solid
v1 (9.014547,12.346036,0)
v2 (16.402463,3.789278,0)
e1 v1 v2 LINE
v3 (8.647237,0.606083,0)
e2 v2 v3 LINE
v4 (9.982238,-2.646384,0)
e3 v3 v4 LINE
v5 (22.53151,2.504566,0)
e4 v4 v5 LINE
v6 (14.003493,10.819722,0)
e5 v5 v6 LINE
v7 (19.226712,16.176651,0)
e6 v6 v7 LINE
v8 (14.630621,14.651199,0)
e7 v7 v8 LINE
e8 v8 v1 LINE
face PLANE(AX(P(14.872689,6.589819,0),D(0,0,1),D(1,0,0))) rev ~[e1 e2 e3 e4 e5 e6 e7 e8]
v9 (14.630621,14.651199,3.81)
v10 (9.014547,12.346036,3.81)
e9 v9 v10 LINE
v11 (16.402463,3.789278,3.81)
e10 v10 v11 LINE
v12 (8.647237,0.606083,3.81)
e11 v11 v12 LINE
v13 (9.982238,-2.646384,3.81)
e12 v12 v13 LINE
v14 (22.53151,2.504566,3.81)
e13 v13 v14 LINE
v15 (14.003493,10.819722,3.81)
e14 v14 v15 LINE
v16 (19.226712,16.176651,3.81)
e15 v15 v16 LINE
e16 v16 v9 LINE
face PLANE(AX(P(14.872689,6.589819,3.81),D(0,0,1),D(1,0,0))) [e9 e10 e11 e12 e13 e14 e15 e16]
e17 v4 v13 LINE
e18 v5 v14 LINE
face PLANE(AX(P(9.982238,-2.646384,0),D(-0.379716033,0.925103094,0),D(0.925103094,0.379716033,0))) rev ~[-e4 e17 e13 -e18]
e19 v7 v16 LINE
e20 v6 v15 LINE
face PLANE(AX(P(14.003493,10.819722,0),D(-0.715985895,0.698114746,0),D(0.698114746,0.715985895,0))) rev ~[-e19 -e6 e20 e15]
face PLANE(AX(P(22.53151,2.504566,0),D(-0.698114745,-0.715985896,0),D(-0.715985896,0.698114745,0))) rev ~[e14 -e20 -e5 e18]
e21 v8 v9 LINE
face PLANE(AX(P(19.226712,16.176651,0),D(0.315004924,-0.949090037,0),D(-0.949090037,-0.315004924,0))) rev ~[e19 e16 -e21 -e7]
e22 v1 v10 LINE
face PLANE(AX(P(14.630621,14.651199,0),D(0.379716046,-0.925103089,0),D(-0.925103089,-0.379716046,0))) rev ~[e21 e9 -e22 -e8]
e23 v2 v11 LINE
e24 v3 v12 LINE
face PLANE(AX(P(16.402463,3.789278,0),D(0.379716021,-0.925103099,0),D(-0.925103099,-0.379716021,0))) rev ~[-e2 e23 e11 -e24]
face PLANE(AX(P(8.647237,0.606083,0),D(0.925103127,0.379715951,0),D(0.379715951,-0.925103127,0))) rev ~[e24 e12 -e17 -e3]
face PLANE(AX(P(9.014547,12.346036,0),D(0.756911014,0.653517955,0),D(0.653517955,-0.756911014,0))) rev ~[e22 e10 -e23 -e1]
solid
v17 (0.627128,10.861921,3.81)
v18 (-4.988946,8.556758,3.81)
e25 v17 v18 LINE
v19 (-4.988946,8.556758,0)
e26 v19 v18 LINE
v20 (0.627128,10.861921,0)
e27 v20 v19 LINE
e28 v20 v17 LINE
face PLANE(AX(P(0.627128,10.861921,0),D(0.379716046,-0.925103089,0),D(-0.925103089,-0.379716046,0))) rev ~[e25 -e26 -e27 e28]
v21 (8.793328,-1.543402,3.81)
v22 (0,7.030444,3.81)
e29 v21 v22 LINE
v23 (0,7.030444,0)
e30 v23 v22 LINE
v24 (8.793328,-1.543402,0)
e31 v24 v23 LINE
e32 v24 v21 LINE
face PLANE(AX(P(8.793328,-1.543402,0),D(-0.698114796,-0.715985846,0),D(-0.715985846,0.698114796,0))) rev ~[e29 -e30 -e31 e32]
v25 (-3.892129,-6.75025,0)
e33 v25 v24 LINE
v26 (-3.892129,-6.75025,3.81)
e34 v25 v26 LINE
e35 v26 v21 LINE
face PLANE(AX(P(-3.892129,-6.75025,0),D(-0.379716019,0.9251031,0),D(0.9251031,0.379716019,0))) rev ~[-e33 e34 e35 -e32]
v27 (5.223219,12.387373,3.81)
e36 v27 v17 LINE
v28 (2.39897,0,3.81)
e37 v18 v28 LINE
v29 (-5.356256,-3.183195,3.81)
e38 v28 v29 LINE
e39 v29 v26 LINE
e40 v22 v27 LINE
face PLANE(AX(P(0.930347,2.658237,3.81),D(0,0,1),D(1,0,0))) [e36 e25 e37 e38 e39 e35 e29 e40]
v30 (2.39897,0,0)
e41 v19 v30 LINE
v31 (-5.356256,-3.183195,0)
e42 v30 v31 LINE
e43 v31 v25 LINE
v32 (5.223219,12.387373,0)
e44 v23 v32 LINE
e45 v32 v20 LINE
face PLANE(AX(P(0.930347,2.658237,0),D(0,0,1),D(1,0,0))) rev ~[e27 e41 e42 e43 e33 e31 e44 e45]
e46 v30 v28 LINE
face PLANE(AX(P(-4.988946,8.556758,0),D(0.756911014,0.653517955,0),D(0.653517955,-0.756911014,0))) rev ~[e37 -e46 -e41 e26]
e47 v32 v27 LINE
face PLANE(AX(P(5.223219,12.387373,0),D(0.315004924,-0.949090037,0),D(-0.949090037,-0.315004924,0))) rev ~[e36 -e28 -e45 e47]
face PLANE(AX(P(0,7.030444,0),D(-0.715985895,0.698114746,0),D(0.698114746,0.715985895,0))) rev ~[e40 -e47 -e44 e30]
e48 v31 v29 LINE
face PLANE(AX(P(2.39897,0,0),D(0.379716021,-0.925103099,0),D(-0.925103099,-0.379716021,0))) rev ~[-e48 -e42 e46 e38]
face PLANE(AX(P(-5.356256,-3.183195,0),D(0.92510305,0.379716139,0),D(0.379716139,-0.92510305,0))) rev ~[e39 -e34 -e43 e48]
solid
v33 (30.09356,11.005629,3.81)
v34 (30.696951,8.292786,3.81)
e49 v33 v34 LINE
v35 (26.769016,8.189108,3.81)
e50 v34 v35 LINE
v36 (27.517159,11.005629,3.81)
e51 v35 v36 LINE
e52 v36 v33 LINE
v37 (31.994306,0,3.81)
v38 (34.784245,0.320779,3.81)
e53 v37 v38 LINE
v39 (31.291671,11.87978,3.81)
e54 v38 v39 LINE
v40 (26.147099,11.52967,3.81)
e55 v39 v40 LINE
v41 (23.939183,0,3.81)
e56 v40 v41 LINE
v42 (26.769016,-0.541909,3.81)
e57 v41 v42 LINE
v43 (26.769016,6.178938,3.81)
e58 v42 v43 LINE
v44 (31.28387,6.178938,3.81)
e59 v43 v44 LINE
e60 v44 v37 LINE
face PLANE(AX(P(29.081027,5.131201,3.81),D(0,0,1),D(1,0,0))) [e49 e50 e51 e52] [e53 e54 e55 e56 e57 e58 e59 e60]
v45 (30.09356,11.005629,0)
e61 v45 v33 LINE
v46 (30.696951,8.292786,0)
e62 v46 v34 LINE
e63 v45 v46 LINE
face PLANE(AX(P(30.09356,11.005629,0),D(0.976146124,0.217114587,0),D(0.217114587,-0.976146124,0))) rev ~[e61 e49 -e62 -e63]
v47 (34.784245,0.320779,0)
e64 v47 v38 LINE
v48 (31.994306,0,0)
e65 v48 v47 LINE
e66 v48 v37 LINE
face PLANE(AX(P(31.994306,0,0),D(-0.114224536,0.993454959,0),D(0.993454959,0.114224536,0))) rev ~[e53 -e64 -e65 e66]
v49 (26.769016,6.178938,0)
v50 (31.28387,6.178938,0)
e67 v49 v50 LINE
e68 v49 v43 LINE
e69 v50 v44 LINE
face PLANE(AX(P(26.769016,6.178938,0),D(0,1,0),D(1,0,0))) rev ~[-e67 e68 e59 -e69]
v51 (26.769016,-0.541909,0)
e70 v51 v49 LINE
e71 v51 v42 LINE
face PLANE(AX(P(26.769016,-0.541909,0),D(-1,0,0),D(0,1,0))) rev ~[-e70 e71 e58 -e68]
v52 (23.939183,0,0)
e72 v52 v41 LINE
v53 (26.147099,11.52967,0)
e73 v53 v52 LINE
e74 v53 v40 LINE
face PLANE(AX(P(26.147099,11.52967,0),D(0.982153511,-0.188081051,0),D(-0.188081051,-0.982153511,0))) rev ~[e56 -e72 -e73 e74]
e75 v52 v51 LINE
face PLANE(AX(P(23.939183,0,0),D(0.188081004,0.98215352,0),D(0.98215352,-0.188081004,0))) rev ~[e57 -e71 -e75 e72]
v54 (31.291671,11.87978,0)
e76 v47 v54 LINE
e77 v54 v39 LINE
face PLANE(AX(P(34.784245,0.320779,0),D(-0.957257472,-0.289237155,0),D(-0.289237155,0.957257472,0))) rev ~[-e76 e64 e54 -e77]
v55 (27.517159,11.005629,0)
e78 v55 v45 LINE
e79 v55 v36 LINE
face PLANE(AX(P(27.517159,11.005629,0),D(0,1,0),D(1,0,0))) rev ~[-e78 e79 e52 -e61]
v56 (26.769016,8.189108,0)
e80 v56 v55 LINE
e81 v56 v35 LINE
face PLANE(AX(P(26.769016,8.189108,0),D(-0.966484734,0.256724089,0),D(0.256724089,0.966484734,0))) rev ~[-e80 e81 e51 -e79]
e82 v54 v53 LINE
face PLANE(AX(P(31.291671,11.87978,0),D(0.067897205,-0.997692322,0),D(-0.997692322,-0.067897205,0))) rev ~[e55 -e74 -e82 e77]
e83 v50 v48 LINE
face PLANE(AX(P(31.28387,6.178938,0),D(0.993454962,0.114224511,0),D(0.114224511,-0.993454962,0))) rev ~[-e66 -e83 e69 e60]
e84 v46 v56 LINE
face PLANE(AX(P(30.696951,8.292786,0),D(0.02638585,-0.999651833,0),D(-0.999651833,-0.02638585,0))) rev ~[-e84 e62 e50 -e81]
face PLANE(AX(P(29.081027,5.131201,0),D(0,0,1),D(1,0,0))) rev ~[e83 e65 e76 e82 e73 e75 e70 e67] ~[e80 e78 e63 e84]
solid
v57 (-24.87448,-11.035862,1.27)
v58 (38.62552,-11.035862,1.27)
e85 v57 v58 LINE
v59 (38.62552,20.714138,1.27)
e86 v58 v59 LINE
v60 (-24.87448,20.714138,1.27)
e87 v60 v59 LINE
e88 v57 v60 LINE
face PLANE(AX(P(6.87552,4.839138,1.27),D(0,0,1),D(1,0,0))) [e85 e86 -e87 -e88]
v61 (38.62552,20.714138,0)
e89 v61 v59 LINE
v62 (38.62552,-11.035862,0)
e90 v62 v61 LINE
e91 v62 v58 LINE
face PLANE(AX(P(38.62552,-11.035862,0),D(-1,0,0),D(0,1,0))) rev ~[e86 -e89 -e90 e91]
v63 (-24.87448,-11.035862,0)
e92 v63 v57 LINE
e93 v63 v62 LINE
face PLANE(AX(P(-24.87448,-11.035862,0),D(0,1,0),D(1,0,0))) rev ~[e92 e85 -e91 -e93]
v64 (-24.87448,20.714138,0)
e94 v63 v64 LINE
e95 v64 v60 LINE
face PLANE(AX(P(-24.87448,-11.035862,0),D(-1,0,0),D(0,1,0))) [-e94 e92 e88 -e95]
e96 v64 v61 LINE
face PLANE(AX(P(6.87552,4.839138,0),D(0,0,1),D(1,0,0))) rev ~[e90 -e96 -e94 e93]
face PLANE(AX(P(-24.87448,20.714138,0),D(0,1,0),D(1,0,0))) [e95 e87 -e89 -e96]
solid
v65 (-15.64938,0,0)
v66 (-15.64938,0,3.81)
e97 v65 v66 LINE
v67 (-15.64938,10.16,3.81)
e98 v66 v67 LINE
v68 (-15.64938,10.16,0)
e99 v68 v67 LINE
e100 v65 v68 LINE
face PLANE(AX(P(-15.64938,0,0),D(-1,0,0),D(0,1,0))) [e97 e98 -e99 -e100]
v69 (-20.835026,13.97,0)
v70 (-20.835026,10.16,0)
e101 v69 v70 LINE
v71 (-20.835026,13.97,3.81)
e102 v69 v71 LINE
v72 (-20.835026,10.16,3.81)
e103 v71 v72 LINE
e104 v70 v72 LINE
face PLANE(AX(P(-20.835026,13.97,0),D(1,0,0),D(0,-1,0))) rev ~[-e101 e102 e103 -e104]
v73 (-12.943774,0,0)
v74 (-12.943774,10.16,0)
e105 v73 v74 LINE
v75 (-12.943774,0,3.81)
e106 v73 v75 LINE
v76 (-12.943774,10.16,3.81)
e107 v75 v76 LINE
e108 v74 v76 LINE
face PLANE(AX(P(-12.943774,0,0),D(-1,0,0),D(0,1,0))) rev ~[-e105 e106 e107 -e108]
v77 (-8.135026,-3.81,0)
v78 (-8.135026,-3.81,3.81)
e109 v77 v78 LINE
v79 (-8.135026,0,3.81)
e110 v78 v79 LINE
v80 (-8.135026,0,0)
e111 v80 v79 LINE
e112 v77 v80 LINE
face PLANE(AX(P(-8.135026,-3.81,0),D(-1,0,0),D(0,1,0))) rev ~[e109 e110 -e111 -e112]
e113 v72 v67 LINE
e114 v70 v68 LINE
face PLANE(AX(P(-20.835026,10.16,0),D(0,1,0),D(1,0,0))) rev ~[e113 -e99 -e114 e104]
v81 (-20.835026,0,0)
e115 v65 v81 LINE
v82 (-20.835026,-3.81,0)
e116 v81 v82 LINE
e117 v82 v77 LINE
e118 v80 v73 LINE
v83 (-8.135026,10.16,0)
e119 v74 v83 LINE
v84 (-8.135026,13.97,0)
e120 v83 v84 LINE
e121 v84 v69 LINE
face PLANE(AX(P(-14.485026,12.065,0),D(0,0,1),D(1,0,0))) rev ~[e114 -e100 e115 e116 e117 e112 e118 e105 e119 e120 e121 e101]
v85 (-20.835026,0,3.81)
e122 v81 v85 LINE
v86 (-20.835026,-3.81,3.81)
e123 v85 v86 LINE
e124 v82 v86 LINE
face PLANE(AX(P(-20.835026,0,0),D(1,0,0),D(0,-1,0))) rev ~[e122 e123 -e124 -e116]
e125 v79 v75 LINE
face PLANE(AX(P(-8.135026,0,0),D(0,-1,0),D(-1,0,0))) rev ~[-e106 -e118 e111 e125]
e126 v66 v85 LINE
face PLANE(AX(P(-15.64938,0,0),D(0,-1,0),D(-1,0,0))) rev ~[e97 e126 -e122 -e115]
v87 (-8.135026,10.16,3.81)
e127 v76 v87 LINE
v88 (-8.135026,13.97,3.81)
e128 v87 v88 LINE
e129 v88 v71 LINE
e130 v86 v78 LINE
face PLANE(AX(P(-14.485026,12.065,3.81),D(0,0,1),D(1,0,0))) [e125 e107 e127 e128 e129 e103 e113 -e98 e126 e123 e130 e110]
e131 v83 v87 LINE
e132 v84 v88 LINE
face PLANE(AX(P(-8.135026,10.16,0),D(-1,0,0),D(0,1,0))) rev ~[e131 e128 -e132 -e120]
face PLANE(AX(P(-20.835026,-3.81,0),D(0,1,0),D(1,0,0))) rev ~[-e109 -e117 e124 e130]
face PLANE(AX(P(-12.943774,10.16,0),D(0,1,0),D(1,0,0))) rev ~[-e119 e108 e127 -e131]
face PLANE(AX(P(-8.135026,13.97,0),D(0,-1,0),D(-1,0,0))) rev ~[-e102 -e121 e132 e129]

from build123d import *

# Parameters (mm, degrees)
F0_W     = 2.705607
F0_H     = 10.16
F1_DEPTH = 3.81
F2_W     = 63.5
F2_H     = 31.75
F3_DEPTH = 1.27


with BuildPart() as f1:
    # F0 (on Top) → F1 (new body)
    with BuildSketch(Plane.XY):
        Polygon((-20.835026, 10.16), (-15.649381, 10.16), (-12.943774, 10.16), (-8.135026, 10.16), (-8.135026, 13.97), (-20.835026, 13.97), align=None)
        with Locations((-14.296577, 5.08)):
            Rectangle(F0_W, F0_H)
        Polygon((-12.943774, 0), (-15.649381, 0), (-20.835026, 0), (-20.835026, -3.81), (-8.135026, -3.81), (-8.135026, 0), align=None)
        Polygon((5.223219, 12.387373), (0.627128, 10.861921), (-4.988946, 8.556758), (2.39897, 0), (-5.356256, -3.183195), (-3.892129, -6.75025), (8.793328, -1.543402), (0, 7.030444), align=None)
        Polygon((19.226712, 16.176651), (14.630621, 14.651199), (9.014547, 12.346036), (16.402463, 3.789278), (8.647237, 0.606083), (9.982238, -2.646384), (22.53151, 2.504566), (14.003493, 10.819722), align=None)
        Polygon((31.291671, 11.87978), (26.147099, 11.52967), (23.939183, 0), (26.769016, -0.541909), (26.769016, 6.178938), (31.28387, 6.178938), (31.994306, 0), (34.784245, 0.320779), align=None)
        Polygon((30.696951, 8.292786), (26.769016, 8.189108), (27.517159, 11.005629), (30.09356, 11.005629), align=None, mode=Mode.SUBTRACT)
    extrude(amount=F1_DEPTH)


with BuildPart() as f3:
    # F2 (on Top) → F3 (new body)
    with BuildSketch(Plane.XY):
        with Locations((6.87552, 4.839138)):
            Rectangle(F2_W, F2_H)
    extrude(amount=F3_DEPTH)


solid = Compound([f1.part, f3.part])
